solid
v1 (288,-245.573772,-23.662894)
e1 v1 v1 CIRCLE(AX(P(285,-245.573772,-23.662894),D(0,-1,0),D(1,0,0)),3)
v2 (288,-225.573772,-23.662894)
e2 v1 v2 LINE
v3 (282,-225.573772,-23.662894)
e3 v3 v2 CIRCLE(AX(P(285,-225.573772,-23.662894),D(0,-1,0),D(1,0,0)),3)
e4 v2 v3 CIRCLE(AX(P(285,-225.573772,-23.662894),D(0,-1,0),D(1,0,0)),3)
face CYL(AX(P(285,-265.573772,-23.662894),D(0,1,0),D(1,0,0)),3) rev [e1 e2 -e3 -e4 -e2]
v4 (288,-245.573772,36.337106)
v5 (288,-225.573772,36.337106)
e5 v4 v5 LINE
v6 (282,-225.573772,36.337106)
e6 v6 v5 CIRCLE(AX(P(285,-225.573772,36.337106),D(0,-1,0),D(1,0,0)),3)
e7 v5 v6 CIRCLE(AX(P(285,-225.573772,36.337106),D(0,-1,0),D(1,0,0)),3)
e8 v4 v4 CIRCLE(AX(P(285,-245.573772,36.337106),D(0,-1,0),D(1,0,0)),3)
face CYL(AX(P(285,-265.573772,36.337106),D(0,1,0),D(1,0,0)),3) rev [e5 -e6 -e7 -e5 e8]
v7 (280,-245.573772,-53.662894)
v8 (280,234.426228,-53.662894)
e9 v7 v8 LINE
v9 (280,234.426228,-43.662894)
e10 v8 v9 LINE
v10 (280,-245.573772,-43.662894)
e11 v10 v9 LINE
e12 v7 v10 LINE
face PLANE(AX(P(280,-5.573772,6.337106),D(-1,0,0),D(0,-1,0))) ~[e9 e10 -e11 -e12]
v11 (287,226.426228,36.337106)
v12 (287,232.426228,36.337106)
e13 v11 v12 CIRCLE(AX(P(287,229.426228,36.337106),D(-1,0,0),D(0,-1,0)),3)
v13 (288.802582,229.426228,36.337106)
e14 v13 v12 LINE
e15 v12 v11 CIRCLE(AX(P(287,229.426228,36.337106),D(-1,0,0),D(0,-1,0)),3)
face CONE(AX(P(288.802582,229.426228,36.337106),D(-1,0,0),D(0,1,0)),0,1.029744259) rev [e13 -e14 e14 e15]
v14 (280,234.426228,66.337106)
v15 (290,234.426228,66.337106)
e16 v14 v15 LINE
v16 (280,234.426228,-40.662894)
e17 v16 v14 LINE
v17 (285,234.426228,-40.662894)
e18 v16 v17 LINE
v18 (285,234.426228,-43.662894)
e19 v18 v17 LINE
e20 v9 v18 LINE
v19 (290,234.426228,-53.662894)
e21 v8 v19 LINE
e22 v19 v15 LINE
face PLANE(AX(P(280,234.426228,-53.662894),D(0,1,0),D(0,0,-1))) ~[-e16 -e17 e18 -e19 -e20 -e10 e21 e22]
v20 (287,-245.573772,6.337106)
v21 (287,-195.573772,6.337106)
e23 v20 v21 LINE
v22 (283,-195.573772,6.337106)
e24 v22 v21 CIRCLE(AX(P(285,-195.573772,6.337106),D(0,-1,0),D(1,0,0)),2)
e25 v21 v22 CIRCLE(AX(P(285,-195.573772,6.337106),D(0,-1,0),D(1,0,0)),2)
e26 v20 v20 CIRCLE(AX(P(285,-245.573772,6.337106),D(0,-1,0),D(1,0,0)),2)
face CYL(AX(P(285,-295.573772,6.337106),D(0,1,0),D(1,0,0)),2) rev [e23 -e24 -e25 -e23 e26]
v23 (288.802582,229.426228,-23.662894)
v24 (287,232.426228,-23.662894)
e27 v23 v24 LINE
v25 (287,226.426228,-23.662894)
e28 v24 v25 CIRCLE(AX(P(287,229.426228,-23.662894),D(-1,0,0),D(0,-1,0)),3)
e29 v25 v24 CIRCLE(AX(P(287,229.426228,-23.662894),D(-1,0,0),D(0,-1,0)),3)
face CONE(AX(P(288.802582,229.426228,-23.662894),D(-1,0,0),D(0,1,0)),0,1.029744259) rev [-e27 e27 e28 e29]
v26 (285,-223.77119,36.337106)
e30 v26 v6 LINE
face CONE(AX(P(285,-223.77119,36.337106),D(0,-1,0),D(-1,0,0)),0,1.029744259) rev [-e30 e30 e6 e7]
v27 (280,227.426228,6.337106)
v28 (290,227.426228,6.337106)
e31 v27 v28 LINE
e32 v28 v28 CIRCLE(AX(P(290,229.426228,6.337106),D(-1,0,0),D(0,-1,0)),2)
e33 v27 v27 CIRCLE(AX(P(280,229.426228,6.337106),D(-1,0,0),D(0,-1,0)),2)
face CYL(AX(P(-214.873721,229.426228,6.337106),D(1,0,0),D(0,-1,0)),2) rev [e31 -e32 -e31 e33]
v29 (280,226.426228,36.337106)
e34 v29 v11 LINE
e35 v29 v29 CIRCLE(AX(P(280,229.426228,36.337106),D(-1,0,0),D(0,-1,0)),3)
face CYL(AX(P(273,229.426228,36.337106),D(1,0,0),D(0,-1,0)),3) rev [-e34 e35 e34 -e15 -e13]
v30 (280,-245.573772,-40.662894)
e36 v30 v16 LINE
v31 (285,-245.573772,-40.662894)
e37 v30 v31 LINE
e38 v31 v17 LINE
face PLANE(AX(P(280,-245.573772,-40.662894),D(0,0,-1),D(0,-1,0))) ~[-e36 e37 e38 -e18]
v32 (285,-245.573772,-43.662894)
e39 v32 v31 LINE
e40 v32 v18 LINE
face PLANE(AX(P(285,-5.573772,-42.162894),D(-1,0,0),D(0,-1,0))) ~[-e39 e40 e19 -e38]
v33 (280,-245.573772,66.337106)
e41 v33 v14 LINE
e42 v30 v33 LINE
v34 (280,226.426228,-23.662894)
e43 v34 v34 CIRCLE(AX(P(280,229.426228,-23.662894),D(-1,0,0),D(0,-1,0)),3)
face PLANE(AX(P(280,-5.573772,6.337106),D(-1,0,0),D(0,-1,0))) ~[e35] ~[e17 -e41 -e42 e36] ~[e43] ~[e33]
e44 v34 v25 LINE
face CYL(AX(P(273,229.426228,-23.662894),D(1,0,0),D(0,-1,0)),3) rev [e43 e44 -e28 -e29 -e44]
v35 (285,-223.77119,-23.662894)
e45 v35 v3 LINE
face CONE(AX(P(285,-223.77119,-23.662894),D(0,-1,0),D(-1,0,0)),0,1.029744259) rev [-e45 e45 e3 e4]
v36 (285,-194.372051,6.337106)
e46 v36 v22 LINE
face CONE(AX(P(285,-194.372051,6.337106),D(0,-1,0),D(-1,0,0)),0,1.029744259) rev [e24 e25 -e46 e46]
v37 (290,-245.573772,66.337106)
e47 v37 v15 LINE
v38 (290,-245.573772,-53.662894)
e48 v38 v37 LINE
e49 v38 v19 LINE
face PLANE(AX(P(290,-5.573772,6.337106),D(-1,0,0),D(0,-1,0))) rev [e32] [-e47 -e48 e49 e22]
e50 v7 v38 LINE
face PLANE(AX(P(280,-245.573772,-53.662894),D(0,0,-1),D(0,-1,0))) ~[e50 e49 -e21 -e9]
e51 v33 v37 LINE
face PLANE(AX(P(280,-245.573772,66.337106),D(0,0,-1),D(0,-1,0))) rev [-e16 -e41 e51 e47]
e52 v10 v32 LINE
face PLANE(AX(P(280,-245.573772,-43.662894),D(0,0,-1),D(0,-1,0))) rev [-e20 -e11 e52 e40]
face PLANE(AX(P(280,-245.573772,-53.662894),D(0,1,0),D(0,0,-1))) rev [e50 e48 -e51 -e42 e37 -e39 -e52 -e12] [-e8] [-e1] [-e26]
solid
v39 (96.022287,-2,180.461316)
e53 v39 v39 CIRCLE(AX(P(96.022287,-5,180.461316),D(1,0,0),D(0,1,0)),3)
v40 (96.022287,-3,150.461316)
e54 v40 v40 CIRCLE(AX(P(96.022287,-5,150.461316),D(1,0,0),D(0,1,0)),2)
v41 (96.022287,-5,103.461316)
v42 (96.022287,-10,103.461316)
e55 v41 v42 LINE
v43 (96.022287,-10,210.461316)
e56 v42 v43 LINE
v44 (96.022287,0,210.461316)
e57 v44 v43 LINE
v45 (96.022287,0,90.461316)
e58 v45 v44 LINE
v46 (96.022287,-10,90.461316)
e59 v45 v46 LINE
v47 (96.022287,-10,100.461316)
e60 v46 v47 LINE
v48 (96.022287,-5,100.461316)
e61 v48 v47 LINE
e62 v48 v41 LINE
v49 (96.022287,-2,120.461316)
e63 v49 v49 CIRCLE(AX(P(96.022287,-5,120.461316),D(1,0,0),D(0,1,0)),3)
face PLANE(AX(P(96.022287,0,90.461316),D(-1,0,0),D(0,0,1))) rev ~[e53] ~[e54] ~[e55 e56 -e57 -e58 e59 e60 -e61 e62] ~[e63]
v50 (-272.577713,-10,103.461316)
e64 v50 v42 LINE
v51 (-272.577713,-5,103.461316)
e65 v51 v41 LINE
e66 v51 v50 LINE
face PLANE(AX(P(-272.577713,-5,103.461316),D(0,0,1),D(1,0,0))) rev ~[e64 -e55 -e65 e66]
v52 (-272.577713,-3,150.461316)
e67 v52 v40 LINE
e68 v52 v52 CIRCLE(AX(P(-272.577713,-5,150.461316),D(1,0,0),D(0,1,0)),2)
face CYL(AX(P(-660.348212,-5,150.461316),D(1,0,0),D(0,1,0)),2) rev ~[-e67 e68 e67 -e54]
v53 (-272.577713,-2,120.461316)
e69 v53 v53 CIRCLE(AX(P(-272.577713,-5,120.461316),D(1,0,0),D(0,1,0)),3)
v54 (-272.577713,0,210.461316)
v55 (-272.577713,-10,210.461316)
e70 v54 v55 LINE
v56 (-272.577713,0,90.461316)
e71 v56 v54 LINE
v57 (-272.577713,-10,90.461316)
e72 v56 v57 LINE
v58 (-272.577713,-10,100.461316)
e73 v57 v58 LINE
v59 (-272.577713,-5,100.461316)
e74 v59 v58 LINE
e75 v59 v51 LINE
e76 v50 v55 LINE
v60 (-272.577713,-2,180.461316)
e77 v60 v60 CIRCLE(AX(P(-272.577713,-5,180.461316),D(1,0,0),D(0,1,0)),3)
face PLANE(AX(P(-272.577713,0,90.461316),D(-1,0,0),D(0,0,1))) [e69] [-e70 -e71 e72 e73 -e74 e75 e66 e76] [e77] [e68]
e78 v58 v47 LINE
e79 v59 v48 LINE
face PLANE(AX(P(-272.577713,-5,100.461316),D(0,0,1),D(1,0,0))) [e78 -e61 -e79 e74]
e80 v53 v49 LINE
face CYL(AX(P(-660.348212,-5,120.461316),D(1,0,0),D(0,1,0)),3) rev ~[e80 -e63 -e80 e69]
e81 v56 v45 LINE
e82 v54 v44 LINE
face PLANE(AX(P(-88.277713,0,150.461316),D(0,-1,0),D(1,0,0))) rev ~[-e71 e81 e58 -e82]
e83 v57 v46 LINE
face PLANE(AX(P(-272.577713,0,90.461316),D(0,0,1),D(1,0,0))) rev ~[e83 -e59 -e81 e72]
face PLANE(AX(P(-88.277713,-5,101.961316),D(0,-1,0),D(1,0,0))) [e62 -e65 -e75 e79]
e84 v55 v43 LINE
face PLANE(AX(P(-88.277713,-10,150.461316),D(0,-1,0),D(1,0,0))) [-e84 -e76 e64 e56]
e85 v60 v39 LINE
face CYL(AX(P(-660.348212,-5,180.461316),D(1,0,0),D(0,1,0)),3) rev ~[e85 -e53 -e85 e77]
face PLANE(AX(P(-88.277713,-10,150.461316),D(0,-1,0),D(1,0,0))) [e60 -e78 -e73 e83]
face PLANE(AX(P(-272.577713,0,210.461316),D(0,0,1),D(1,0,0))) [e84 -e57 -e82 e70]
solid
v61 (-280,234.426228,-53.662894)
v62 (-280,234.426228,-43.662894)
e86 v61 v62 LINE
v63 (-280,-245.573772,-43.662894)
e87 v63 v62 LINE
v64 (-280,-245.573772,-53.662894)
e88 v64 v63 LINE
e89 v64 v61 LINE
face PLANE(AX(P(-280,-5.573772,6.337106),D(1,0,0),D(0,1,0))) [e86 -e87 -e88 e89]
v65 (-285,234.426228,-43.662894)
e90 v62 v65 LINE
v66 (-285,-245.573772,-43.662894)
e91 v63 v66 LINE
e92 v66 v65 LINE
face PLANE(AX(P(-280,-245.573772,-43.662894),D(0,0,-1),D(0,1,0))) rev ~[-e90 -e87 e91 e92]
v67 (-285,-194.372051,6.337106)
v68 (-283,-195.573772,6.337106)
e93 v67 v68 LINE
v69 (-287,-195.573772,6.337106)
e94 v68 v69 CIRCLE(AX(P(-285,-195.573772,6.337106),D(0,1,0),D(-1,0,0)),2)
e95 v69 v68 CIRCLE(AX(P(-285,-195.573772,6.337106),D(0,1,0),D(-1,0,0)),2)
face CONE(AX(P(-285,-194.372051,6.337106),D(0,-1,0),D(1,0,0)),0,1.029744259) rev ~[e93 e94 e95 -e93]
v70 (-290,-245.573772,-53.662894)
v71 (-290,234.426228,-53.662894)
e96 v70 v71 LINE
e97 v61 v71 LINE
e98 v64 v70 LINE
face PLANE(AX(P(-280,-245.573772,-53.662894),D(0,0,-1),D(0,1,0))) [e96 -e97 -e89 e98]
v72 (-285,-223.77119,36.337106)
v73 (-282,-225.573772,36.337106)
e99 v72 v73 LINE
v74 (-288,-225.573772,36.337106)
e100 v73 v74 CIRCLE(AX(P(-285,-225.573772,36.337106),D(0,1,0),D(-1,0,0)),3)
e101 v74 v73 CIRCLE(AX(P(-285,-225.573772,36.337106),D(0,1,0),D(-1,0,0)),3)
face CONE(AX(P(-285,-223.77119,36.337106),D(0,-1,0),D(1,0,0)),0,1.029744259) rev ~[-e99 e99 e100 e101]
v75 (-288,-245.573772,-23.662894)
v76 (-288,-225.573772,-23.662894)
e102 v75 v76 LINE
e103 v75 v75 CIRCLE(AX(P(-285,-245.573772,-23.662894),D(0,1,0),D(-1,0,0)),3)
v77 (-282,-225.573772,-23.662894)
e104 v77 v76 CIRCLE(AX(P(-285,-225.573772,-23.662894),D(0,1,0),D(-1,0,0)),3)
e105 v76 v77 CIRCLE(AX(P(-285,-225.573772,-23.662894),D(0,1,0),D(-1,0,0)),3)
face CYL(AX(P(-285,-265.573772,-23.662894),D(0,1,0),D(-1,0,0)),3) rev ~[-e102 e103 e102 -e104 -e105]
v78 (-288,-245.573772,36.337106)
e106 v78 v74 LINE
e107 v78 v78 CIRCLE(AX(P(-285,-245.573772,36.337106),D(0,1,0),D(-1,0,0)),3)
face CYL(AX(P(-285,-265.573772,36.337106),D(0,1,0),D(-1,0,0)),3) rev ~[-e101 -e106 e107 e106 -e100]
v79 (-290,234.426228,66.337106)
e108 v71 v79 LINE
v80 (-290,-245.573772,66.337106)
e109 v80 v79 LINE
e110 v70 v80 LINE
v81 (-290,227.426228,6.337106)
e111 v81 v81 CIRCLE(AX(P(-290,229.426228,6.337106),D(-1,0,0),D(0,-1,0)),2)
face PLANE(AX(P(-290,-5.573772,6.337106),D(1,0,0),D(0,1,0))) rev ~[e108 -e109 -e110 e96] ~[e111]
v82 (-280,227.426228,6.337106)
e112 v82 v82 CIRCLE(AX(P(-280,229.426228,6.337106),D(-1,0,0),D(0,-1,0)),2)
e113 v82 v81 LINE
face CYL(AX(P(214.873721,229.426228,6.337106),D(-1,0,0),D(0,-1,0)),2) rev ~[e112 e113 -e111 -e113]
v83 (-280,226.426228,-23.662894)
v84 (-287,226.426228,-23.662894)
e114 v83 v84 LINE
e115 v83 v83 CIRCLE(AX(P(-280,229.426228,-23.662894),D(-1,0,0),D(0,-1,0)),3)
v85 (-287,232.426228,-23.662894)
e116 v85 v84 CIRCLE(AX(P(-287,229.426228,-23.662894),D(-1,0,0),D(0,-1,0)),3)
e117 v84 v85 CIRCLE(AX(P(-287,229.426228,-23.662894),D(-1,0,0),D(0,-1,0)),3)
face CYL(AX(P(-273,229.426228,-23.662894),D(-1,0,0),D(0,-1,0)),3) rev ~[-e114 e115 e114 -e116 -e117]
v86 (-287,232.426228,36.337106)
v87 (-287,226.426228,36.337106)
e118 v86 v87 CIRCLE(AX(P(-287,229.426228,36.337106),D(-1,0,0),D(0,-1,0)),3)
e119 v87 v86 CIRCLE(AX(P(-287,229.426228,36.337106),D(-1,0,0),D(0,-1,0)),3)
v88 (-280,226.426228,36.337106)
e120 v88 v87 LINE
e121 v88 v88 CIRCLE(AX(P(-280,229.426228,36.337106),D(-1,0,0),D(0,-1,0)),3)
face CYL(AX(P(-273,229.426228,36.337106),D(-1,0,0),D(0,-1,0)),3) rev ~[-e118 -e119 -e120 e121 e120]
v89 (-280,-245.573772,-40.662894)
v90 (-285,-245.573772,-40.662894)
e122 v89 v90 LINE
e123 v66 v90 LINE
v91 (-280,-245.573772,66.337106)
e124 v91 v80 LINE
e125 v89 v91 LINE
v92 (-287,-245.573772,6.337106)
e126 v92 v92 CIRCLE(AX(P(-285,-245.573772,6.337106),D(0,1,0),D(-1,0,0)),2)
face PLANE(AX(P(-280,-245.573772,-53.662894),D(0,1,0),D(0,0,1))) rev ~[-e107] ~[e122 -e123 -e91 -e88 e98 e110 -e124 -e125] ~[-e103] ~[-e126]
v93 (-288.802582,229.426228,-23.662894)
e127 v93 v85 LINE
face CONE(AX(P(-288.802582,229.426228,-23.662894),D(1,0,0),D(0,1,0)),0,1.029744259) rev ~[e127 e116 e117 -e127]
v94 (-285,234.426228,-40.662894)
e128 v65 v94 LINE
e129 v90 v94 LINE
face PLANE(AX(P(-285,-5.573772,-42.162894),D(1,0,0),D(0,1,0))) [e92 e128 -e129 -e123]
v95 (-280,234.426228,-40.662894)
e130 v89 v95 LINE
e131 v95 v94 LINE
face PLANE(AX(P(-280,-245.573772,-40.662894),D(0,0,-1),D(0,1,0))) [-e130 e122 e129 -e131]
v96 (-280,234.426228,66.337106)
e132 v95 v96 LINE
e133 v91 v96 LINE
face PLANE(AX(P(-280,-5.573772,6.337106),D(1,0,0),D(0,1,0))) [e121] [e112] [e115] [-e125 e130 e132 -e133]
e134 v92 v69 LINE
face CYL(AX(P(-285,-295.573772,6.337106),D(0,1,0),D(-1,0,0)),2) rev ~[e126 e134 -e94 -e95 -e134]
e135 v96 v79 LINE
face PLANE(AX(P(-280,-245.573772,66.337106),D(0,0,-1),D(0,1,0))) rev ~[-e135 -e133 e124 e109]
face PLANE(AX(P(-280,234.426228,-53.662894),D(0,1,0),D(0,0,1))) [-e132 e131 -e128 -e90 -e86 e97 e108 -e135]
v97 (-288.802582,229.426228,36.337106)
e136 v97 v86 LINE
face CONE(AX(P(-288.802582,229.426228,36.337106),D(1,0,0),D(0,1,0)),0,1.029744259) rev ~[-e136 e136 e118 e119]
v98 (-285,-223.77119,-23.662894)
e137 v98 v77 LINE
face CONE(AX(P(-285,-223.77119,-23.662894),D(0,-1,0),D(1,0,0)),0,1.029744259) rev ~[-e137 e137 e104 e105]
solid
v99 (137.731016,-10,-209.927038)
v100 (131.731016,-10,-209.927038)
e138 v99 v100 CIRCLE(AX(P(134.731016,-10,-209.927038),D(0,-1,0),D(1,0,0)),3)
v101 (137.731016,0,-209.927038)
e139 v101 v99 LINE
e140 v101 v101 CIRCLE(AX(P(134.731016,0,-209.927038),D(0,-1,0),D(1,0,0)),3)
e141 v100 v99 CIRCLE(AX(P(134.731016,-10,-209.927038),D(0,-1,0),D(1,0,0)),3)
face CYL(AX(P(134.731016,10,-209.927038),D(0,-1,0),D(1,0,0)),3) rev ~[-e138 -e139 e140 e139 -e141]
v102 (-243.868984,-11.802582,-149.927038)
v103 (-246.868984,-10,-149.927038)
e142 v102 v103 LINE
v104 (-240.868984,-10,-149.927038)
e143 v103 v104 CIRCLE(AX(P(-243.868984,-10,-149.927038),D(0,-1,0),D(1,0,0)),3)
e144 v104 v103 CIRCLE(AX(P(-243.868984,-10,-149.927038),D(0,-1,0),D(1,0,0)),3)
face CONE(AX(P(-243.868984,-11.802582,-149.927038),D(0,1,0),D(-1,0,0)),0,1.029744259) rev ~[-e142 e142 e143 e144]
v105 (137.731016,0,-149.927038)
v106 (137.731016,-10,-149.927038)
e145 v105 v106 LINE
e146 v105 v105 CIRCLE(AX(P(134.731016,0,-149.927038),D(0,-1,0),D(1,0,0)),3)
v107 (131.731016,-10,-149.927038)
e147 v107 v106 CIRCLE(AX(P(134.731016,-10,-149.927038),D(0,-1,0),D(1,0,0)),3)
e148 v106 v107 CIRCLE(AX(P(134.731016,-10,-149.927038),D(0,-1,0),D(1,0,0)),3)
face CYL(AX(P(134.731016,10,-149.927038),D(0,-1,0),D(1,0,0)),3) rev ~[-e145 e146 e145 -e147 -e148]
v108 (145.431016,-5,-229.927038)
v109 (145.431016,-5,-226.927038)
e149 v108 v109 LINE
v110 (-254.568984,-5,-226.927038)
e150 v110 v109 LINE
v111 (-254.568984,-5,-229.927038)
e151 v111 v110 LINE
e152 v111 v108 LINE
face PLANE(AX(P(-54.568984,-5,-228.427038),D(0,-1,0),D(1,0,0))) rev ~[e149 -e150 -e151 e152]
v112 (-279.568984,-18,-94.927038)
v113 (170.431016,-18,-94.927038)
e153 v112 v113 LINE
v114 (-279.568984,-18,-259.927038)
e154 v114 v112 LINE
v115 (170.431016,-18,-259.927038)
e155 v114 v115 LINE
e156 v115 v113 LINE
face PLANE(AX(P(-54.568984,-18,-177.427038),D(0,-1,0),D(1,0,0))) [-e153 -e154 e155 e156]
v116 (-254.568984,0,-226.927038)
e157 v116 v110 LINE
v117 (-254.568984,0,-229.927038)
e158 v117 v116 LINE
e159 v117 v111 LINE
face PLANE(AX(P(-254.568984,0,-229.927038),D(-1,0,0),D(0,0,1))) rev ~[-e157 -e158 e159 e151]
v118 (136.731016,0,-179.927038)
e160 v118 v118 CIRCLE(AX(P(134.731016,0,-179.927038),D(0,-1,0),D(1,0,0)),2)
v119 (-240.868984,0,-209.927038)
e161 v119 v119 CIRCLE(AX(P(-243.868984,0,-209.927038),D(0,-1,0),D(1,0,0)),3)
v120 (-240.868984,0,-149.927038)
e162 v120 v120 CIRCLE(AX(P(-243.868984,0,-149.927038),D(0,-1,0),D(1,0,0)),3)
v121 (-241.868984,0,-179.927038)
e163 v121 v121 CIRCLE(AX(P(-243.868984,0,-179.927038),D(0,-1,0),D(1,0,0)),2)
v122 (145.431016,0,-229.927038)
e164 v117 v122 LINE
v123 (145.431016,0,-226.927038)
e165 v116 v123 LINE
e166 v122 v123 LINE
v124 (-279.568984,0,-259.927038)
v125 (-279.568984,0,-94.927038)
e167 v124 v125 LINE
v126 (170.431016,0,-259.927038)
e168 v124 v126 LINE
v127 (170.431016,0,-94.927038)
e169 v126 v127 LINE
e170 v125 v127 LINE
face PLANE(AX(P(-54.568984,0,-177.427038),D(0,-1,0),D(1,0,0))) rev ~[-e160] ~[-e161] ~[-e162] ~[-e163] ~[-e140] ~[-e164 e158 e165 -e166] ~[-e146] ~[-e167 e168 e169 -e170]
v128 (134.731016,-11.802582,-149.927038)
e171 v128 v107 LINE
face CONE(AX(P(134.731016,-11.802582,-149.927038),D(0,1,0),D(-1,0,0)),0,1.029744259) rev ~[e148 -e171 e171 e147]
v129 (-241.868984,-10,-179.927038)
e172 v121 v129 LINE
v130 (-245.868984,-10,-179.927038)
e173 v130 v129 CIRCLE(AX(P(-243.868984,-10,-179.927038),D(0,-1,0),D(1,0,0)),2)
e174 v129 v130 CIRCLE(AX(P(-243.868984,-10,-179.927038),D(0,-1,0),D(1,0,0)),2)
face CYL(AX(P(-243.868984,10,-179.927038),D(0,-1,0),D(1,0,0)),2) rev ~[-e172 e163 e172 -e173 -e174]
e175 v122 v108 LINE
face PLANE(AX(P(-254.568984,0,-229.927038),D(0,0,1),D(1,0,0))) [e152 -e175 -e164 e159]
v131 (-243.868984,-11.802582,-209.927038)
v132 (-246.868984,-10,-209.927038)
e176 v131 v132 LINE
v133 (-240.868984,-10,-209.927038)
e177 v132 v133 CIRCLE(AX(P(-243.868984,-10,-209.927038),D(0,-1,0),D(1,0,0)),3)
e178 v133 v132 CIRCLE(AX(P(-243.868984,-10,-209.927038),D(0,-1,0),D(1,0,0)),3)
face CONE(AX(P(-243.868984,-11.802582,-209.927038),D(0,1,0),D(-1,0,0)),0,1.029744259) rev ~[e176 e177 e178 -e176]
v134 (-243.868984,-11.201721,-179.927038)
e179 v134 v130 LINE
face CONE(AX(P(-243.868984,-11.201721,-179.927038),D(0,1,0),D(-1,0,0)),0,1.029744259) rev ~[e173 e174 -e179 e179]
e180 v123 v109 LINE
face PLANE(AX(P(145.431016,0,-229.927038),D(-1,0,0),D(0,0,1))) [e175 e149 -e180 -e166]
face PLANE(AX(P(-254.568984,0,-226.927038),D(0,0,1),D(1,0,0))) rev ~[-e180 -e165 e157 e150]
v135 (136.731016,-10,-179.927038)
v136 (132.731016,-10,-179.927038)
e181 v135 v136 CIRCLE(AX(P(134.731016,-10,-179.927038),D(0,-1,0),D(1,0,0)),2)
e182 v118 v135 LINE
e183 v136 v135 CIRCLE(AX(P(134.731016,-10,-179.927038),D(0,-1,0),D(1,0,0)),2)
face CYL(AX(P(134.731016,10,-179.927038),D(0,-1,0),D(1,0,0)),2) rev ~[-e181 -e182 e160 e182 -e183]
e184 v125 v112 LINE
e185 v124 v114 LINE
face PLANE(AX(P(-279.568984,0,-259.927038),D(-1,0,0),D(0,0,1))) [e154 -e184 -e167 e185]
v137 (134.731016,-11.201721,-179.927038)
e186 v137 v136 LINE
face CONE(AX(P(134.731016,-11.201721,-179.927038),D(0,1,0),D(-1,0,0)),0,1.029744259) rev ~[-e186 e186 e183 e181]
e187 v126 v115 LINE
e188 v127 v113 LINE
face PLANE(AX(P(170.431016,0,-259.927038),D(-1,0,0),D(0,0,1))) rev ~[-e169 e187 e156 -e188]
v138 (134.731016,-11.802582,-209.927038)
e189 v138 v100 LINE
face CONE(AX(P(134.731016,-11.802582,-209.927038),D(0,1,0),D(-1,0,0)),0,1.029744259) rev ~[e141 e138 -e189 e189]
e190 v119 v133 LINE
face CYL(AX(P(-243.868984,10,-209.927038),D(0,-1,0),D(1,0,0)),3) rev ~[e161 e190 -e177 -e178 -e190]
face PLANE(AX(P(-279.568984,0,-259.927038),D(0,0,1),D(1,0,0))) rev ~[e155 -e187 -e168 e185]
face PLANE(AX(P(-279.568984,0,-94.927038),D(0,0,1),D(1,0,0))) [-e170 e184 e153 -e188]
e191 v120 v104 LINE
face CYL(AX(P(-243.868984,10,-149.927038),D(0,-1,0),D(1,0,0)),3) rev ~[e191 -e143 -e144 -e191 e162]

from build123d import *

# Parameters (mm, degrees)
F2_START  = -280
F1_W      = 480
F1_H      = 120
F2_DEPTH  = 10
F4_START  = -280
F3_W      = 480
F3_H      = 3
F4_DEPTH  = 5
F6_W      = 368.6
F6_H      = 120
F8_DEPTH  = 10
F9_START  = 5
F7_W      = 368.6
F7_H      = 3
F9_DEPTH  = 5
F11_D     = 6
F12_D     = 4
F14_D     = 6
F14_DEPTH = 7
F14_TIP   = 1.8025818571
F15_D     = 4
F17_D     = 6
F17_DEPTH = 20
F17_TIP   = 1.8025818571
F18_D     = 4
F18_DEPTH = 50
F18_TIP   = 1.2017212381
F20_W     = 450
F20_H     = 165
F22_DEPTH = 18
F21_W     = 400
F21_H     = 3
F23_DEPTH = 5
F25_D     = 6
F25_DEPTH = 10
F25_TIP   = 1.8025818571
F26_D     = 4
F26_DEPTH = 10
F26_TIP   = 1.2017212381


with BuildPart() as f2:
    # F1 (on Right) → F2 (new body)
    with BuildSketch(Plane.YZ.offset(F2_START)):
        with Locations((-5.5737721175, 6.337106453)):
            Rectangle(F1_W, F1_H)
    extrude(amount=-F2_DEPTH)


with BuildPart() as f4:
    # F3 (on Right) → F4 (new body)
    with BuildSketch(Plane.YZ.offset(F4_START)):
        with Locations((-5.5737721175, -42.162893547)):
            Rectangle(F3_W, F3_H)
    extrude(amount=-F4_DEPTH)


with BuildPart() as f2_1:
    add(f2.part)

    # F5: cut F4
    add(f4.part, mode=Mode.SUBTRACT)

    # F14
    with Locations(Plane.YZ.offset(-280)):
        with Locations((229.4262278825, 36.337106453), (229.4262278825, -23.662893547)):
            Hole(F14_D / 2, depth=F14_DEPTH)
            with Locations((0, 0, -(F14_DEPTH + F14_TIP / 2))):  # 118° drill point
                Cone(0, F14_D / 2, F14_TIP, mode=Mode.SUBTRACT)

    # F15 (through all)
    with Locations(Plane.YZ.offset(-280)):
        with Locations((229.4262278825, 6.337106453)):
            Hole(F15_D / 2)

    # F17
    with Locations(Plane.XZ.offset(245.5737721175)):
        with Locations((-285, 36.337106453), (-285, -23.662893547)):
            Hole(F17_D / 2, depth=F17_DEPTH)
            with Locations((0, 0, -(F17_DEPTH + F17_TIP / 2))):  # 118° drill point
                Cone(0, F17_D / 2, F17_TIP, mode=Mode.SUBTRACT)

    # F18
    with Locations(Plane.XZ.offset(245.5737721175)):
        with Locations((-285, 6.337106453)):
            Hole(F18_D / 2, depth=F18_DEPTH)
            with Locations((0, 0, -(F18_DEPTH + F18_TIP / 2))):  # 118° drill point
                Cone(0, F18_D / 2, F18_TIP, mode=Mode.SUBTRACT)


with BuildPart() as f8:
    # F6 (on Front) → F8 (new body)
    with BuildSketch(Plane.XZ):
        with Locations((-88.2777126489, 150.4613161087)):
            Rectangle(F6_W, F6_H)
    extrude(amount=F8_DEPTH)

    # F7 (on Front) → F9 (cut)
    with BuildSketch(Plane.XZ.offset(F9_START)):
        with Locations((-88.2777126489, 101.9613161087)):
            Rectangle(F7_W, F7_H)
    extrude(amount=F9_DEPTH, mode=Mode.SUBTRACT)

    # F11 (through all)
    with Locations(Plane(origin=(-272.5777126489, 0, 0), x_dir=(0, -1, 0), z_dir=(-1, 0, 0))):
        with Locations((5, 180.4613161087), (5, 120.4613161087)):
            Hole(F11_D / 2)

    # F12 (through all)
    with Locations(Plane(origin=(-272.5777126489, 0, 0), x_dir=(0, -1, 0), z_dir=(-1, 0, 0))):
        with Locations((5, 150.4613161087)):
            Hole(F12_D / 2)


with BuildPart() as f19_1:
    # F19: instance of F2
    add(f2_1.part.mirror(Plane.YZ))


with BuildPart() as f22:
    # F20 (on Front) → F22 (new body)
    with BuildSketch(Plane.XZ):
        with Locations((-54.5689842575, -177.4270378053)):
            Rectangle(F20_W, F20_H)
    extrude(amount=F22_DEPTH)

    # F21 (on face) → F23 (cut)
    with BuildSketch(Plane.XZ):
        with Locations((-54.5689842575, -228.4270378053)):
            Rectangle(F21_W, F21_H)
    extrude(amount=F23_DEPTH, mode=Mode.SUBTRACT)

    # F25
    with Locations(Plane(origin=(0, 0, 0), x_dir=(-1, 0, 0), z_dir=(0, 1, 0))):
        with Locations((-134.7310157425, -149.9270378053), (-134.7310157425, -209.9270378053), (243.8689842575, -209.9270378053), (243.8689842575, -149.9270378053)):
            Hole(F25_D / 2, depth=F25_DEPTH)
            with Locations((0, 0, -(F25_DEPTH + F25_TIP / 2))):  # 118° drill point
                Cone(0, F25_D / 2, F25_TIP, mode=Mode.SUBTRACT)

    # F26
    with Locations(Plane(origin=(0, 0, 0), x_dir=(-1, 0, 0), z_dir=(0, 1, 0))):
        with Locations((-134.7310157425, -179.9270378053), (243.8689842575, -179.9270378053)):
            Hole(F26_D / 2, depth=F26_DEPTH)
            with Locations((0, 0, -(F26_DEPTH + F26_TIP / 2))):  # 118° drill point
                Cone(0, F26_D / 2, F26_TIP, mode=Mode.SUBTRACT)


solid = Compound([f2_1.part, f8.part, f19_1.part, f22.part])
